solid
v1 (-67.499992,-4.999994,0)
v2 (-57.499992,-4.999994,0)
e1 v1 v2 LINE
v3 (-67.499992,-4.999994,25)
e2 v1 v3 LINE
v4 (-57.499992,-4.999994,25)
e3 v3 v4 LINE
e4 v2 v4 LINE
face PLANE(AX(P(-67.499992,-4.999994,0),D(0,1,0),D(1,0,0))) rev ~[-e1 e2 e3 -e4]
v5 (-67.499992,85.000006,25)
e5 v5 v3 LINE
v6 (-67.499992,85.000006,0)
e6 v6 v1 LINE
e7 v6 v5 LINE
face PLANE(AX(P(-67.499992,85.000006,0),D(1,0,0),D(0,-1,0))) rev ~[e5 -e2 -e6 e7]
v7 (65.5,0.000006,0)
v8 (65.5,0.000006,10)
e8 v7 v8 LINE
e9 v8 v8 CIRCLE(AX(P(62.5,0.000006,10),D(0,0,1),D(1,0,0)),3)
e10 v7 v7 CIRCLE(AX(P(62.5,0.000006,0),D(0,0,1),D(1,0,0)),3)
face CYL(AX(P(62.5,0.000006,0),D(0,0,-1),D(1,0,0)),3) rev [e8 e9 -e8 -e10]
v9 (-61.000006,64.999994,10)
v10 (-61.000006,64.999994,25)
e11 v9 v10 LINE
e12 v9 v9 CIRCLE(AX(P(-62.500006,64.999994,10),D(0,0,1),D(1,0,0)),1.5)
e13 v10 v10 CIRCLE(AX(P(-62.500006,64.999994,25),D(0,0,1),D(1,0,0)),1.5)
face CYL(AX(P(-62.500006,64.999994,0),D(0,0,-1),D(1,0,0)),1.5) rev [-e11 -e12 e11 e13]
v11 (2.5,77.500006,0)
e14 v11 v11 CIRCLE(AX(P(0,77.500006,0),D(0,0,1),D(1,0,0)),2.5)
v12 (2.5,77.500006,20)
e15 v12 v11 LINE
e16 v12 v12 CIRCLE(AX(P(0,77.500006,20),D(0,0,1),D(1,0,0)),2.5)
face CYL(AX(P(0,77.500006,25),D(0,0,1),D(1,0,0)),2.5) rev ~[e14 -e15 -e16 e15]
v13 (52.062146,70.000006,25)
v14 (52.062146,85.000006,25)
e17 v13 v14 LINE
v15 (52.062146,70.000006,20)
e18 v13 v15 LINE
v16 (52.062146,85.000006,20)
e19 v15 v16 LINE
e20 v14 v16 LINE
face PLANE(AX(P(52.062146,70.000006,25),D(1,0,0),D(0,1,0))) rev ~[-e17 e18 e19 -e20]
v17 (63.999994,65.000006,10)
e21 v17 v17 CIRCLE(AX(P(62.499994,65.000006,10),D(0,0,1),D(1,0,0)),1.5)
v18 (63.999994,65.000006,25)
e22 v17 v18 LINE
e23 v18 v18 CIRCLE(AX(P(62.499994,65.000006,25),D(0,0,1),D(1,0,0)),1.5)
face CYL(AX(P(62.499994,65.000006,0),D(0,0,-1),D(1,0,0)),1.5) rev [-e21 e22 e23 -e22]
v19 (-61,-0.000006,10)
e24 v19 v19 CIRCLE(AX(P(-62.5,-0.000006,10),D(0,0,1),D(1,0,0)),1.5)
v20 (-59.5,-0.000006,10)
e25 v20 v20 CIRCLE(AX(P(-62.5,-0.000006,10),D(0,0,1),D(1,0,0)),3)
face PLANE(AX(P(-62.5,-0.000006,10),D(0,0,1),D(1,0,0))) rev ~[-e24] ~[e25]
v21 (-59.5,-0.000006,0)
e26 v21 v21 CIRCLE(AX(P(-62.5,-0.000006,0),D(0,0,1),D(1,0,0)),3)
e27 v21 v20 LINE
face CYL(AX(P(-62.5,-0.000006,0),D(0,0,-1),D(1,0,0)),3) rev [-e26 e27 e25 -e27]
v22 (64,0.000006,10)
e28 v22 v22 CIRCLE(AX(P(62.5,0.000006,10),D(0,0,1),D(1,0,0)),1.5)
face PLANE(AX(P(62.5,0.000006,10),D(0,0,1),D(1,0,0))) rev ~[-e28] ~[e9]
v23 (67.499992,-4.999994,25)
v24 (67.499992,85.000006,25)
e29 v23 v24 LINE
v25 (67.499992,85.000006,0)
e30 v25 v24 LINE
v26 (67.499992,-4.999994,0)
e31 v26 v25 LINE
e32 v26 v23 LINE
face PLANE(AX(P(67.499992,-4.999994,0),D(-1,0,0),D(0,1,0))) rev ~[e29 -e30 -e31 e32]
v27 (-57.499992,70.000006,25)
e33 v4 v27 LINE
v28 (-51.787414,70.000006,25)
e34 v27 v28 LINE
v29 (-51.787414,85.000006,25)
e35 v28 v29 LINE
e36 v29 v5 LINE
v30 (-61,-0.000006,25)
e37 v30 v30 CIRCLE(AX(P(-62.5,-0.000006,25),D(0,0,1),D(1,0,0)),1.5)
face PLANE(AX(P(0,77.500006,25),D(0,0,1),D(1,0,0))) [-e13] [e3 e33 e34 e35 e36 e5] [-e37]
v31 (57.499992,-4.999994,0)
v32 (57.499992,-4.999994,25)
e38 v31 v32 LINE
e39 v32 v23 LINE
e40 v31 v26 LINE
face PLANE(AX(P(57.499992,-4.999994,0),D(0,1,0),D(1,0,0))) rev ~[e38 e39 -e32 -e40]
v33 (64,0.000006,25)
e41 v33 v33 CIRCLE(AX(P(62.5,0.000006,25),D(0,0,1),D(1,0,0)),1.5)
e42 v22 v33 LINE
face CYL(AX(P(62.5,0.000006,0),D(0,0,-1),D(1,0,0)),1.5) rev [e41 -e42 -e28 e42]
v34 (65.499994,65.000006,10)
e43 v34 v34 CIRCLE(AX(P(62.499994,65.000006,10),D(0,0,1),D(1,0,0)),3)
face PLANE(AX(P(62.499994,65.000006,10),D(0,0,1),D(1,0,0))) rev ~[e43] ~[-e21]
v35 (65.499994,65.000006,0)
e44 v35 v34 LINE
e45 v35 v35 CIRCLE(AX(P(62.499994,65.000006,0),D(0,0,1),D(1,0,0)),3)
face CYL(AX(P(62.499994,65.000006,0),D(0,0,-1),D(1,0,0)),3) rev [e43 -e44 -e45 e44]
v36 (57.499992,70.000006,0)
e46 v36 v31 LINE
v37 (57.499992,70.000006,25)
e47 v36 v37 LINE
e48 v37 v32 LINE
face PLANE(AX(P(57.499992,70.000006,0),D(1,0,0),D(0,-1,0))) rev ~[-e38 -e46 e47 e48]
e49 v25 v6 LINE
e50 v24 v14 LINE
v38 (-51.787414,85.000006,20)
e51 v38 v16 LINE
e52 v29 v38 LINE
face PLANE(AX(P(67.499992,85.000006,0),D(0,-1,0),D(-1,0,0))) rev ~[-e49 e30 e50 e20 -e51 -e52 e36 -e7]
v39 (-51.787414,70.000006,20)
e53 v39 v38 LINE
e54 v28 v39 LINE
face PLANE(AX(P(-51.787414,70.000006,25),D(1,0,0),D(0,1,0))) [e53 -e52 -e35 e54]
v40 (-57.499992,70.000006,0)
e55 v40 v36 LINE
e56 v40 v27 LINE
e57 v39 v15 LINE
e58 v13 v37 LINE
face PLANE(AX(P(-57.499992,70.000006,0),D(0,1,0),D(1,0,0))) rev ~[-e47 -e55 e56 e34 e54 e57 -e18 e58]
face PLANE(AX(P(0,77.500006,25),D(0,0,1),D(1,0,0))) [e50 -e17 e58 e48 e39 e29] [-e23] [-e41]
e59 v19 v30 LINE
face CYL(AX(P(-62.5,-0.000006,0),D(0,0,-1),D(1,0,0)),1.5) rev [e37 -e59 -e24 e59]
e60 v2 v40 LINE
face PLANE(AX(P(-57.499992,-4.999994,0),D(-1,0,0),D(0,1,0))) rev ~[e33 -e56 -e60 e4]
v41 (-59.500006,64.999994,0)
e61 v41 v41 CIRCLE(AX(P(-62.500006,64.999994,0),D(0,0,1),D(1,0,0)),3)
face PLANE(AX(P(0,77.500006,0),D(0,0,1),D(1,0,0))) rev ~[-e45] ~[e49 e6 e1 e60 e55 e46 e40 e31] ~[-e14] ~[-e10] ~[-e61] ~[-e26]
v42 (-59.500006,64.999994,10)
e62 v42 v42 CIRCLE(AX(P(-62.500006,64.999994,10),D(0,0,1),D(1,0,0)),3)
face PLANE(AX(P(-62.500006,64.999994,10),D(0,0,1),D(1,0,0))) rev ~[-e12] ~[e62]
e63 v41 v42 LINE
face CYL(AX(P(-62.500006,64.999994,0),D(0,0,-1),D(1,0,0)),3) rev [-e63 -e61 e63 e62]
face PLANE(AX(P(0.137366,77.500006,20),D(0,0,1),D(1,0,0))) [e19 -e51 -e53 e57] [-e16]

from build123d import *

# Parameters (mm, degrees)
F0_W     = 114.999984
F0_H     = 15
F0_R     = 3
F0_R_2   = 1.5
F1_DEPTH = 25
F2_R     = 2.5
F3_DEPTH = 25
F2_W     = 103.84956
F2_H     = 15
F4_DEPTH = 5
F5_DEPTH = 10


with BuildPart() as f1:
    # F0 (on Top) → F1 (new body)
    with BuildSketch(Plane.XY):
        with Locations((0, 77.500006)):
            Rectangle(F0_W, F0_H)
        Polygon((-57.499992, 70.000006), (-57.499992, 85.000006), (-67.499992, 85.000006), (-67.499992, -4.999994), (-57.499992, -4.999994), align=None)
        with Locations((-62.5, -6e-06)):
            Circle(F0_R, mode=Mode.SUBTRACT)
        with Locations((-62.500006, 64.999994)):
            Circle(F0_R, mode=Mode.SUBTRACT)
        Polygon((67.499992, 85.000006), (57.499992, 85.000006), (57.499992, 70.000006), (57.499992, -4.999994), (67.499992, -4.999994), align=None)
        with Locations((62.5, 6e-06)):
            Circle(F0_R, mode=Mode.SUBTRACT)
        with Locations((62.499994, 65.000006)):
            Circle(F0_R, mode=Mode.SUBTRACT)
        with Locations((62.499994, 65.000006)):
            Circle(F0_R)
        with Locations((62.499994, 65.000006)):
            Circle(F0_R_2, mode=Mode.SUBTRACT)
        with Locations((62.5, 6e-06)):
            Circle(F0_R)
        with Locations((62.5, 6e-06)):
            Circle(F0_R_2, mode=Mode.SUBTRACT)
        with Locations((-62.5, -6e-06)):
            Circle(F0_R)
        with Locations((-62.5, -6e-06)):
            Circle(F0_R_2, mode=Mode.SUBTRACT)
        with Locations((-62.500006, 64.999994)):
            Circle(F0_R)
        with Locations((-62.500006, 64.999994)):
            Circle(F0_R_2, mode=Mode.SUBTRACT)
    extrude(amount=F1_DEPTH)

    # F2 (on face) → F3 (cut)
    with BuildSketch(Plane.XY.offset(25)):
        with Locations((0, 77.500006)):
            Circle(F2_R)
    extrude(amount=-F3_DEPTH, mode=Mode.SUBTRACT)

    # F2 (on face) → F4 (cut)
    with BuildSketch(Plane.XY.offset(25)):
        with Locations((0.137366, 77.500006)):
            Rectangle(F2_W, F2_H)
        with Locations((0, 77.500006)):
            Circle(F2_R, mode=Mode.SUBTRACT)
    extrude(amount=-F4_DEPTH, mode=Mode.SUBTRACT)

    # F0 (on Top) → F5 (cut)
    with BuildSketch(Plane.XY):
        with Locations((-62.500006, 64.999994)):
            Circle(F0_R)
        with Locations((-62.500006, 64.999994)):
            Circle(F0_R_2, mode=Mode.SUBTRACT)
        with Locations((-62.5, -6e-06)):
            Circle(F0_R)
        with Locations((-62.5, -6e-06)):
            Circle(F0_R_2, mode=Mode.SUBTRACT)
        with Locations((62.5, 6e-06)):
            Circle(F0_R)
        with Locations((62.5, 6e-06)):
            Circle(F0_R_2, mode=Mode.SUBTRACT)
        with Locations((62.499994, 65.000006)):
            Circle(F0_R)
        with Locations((62.499994, 65.000006)):
            Circle(F0_R_2, mode=Mode.SUBTRACT)
    extrude(amount=F5_DEPTH, mode=Mode.SUBTRACT)


solid = f1.part
